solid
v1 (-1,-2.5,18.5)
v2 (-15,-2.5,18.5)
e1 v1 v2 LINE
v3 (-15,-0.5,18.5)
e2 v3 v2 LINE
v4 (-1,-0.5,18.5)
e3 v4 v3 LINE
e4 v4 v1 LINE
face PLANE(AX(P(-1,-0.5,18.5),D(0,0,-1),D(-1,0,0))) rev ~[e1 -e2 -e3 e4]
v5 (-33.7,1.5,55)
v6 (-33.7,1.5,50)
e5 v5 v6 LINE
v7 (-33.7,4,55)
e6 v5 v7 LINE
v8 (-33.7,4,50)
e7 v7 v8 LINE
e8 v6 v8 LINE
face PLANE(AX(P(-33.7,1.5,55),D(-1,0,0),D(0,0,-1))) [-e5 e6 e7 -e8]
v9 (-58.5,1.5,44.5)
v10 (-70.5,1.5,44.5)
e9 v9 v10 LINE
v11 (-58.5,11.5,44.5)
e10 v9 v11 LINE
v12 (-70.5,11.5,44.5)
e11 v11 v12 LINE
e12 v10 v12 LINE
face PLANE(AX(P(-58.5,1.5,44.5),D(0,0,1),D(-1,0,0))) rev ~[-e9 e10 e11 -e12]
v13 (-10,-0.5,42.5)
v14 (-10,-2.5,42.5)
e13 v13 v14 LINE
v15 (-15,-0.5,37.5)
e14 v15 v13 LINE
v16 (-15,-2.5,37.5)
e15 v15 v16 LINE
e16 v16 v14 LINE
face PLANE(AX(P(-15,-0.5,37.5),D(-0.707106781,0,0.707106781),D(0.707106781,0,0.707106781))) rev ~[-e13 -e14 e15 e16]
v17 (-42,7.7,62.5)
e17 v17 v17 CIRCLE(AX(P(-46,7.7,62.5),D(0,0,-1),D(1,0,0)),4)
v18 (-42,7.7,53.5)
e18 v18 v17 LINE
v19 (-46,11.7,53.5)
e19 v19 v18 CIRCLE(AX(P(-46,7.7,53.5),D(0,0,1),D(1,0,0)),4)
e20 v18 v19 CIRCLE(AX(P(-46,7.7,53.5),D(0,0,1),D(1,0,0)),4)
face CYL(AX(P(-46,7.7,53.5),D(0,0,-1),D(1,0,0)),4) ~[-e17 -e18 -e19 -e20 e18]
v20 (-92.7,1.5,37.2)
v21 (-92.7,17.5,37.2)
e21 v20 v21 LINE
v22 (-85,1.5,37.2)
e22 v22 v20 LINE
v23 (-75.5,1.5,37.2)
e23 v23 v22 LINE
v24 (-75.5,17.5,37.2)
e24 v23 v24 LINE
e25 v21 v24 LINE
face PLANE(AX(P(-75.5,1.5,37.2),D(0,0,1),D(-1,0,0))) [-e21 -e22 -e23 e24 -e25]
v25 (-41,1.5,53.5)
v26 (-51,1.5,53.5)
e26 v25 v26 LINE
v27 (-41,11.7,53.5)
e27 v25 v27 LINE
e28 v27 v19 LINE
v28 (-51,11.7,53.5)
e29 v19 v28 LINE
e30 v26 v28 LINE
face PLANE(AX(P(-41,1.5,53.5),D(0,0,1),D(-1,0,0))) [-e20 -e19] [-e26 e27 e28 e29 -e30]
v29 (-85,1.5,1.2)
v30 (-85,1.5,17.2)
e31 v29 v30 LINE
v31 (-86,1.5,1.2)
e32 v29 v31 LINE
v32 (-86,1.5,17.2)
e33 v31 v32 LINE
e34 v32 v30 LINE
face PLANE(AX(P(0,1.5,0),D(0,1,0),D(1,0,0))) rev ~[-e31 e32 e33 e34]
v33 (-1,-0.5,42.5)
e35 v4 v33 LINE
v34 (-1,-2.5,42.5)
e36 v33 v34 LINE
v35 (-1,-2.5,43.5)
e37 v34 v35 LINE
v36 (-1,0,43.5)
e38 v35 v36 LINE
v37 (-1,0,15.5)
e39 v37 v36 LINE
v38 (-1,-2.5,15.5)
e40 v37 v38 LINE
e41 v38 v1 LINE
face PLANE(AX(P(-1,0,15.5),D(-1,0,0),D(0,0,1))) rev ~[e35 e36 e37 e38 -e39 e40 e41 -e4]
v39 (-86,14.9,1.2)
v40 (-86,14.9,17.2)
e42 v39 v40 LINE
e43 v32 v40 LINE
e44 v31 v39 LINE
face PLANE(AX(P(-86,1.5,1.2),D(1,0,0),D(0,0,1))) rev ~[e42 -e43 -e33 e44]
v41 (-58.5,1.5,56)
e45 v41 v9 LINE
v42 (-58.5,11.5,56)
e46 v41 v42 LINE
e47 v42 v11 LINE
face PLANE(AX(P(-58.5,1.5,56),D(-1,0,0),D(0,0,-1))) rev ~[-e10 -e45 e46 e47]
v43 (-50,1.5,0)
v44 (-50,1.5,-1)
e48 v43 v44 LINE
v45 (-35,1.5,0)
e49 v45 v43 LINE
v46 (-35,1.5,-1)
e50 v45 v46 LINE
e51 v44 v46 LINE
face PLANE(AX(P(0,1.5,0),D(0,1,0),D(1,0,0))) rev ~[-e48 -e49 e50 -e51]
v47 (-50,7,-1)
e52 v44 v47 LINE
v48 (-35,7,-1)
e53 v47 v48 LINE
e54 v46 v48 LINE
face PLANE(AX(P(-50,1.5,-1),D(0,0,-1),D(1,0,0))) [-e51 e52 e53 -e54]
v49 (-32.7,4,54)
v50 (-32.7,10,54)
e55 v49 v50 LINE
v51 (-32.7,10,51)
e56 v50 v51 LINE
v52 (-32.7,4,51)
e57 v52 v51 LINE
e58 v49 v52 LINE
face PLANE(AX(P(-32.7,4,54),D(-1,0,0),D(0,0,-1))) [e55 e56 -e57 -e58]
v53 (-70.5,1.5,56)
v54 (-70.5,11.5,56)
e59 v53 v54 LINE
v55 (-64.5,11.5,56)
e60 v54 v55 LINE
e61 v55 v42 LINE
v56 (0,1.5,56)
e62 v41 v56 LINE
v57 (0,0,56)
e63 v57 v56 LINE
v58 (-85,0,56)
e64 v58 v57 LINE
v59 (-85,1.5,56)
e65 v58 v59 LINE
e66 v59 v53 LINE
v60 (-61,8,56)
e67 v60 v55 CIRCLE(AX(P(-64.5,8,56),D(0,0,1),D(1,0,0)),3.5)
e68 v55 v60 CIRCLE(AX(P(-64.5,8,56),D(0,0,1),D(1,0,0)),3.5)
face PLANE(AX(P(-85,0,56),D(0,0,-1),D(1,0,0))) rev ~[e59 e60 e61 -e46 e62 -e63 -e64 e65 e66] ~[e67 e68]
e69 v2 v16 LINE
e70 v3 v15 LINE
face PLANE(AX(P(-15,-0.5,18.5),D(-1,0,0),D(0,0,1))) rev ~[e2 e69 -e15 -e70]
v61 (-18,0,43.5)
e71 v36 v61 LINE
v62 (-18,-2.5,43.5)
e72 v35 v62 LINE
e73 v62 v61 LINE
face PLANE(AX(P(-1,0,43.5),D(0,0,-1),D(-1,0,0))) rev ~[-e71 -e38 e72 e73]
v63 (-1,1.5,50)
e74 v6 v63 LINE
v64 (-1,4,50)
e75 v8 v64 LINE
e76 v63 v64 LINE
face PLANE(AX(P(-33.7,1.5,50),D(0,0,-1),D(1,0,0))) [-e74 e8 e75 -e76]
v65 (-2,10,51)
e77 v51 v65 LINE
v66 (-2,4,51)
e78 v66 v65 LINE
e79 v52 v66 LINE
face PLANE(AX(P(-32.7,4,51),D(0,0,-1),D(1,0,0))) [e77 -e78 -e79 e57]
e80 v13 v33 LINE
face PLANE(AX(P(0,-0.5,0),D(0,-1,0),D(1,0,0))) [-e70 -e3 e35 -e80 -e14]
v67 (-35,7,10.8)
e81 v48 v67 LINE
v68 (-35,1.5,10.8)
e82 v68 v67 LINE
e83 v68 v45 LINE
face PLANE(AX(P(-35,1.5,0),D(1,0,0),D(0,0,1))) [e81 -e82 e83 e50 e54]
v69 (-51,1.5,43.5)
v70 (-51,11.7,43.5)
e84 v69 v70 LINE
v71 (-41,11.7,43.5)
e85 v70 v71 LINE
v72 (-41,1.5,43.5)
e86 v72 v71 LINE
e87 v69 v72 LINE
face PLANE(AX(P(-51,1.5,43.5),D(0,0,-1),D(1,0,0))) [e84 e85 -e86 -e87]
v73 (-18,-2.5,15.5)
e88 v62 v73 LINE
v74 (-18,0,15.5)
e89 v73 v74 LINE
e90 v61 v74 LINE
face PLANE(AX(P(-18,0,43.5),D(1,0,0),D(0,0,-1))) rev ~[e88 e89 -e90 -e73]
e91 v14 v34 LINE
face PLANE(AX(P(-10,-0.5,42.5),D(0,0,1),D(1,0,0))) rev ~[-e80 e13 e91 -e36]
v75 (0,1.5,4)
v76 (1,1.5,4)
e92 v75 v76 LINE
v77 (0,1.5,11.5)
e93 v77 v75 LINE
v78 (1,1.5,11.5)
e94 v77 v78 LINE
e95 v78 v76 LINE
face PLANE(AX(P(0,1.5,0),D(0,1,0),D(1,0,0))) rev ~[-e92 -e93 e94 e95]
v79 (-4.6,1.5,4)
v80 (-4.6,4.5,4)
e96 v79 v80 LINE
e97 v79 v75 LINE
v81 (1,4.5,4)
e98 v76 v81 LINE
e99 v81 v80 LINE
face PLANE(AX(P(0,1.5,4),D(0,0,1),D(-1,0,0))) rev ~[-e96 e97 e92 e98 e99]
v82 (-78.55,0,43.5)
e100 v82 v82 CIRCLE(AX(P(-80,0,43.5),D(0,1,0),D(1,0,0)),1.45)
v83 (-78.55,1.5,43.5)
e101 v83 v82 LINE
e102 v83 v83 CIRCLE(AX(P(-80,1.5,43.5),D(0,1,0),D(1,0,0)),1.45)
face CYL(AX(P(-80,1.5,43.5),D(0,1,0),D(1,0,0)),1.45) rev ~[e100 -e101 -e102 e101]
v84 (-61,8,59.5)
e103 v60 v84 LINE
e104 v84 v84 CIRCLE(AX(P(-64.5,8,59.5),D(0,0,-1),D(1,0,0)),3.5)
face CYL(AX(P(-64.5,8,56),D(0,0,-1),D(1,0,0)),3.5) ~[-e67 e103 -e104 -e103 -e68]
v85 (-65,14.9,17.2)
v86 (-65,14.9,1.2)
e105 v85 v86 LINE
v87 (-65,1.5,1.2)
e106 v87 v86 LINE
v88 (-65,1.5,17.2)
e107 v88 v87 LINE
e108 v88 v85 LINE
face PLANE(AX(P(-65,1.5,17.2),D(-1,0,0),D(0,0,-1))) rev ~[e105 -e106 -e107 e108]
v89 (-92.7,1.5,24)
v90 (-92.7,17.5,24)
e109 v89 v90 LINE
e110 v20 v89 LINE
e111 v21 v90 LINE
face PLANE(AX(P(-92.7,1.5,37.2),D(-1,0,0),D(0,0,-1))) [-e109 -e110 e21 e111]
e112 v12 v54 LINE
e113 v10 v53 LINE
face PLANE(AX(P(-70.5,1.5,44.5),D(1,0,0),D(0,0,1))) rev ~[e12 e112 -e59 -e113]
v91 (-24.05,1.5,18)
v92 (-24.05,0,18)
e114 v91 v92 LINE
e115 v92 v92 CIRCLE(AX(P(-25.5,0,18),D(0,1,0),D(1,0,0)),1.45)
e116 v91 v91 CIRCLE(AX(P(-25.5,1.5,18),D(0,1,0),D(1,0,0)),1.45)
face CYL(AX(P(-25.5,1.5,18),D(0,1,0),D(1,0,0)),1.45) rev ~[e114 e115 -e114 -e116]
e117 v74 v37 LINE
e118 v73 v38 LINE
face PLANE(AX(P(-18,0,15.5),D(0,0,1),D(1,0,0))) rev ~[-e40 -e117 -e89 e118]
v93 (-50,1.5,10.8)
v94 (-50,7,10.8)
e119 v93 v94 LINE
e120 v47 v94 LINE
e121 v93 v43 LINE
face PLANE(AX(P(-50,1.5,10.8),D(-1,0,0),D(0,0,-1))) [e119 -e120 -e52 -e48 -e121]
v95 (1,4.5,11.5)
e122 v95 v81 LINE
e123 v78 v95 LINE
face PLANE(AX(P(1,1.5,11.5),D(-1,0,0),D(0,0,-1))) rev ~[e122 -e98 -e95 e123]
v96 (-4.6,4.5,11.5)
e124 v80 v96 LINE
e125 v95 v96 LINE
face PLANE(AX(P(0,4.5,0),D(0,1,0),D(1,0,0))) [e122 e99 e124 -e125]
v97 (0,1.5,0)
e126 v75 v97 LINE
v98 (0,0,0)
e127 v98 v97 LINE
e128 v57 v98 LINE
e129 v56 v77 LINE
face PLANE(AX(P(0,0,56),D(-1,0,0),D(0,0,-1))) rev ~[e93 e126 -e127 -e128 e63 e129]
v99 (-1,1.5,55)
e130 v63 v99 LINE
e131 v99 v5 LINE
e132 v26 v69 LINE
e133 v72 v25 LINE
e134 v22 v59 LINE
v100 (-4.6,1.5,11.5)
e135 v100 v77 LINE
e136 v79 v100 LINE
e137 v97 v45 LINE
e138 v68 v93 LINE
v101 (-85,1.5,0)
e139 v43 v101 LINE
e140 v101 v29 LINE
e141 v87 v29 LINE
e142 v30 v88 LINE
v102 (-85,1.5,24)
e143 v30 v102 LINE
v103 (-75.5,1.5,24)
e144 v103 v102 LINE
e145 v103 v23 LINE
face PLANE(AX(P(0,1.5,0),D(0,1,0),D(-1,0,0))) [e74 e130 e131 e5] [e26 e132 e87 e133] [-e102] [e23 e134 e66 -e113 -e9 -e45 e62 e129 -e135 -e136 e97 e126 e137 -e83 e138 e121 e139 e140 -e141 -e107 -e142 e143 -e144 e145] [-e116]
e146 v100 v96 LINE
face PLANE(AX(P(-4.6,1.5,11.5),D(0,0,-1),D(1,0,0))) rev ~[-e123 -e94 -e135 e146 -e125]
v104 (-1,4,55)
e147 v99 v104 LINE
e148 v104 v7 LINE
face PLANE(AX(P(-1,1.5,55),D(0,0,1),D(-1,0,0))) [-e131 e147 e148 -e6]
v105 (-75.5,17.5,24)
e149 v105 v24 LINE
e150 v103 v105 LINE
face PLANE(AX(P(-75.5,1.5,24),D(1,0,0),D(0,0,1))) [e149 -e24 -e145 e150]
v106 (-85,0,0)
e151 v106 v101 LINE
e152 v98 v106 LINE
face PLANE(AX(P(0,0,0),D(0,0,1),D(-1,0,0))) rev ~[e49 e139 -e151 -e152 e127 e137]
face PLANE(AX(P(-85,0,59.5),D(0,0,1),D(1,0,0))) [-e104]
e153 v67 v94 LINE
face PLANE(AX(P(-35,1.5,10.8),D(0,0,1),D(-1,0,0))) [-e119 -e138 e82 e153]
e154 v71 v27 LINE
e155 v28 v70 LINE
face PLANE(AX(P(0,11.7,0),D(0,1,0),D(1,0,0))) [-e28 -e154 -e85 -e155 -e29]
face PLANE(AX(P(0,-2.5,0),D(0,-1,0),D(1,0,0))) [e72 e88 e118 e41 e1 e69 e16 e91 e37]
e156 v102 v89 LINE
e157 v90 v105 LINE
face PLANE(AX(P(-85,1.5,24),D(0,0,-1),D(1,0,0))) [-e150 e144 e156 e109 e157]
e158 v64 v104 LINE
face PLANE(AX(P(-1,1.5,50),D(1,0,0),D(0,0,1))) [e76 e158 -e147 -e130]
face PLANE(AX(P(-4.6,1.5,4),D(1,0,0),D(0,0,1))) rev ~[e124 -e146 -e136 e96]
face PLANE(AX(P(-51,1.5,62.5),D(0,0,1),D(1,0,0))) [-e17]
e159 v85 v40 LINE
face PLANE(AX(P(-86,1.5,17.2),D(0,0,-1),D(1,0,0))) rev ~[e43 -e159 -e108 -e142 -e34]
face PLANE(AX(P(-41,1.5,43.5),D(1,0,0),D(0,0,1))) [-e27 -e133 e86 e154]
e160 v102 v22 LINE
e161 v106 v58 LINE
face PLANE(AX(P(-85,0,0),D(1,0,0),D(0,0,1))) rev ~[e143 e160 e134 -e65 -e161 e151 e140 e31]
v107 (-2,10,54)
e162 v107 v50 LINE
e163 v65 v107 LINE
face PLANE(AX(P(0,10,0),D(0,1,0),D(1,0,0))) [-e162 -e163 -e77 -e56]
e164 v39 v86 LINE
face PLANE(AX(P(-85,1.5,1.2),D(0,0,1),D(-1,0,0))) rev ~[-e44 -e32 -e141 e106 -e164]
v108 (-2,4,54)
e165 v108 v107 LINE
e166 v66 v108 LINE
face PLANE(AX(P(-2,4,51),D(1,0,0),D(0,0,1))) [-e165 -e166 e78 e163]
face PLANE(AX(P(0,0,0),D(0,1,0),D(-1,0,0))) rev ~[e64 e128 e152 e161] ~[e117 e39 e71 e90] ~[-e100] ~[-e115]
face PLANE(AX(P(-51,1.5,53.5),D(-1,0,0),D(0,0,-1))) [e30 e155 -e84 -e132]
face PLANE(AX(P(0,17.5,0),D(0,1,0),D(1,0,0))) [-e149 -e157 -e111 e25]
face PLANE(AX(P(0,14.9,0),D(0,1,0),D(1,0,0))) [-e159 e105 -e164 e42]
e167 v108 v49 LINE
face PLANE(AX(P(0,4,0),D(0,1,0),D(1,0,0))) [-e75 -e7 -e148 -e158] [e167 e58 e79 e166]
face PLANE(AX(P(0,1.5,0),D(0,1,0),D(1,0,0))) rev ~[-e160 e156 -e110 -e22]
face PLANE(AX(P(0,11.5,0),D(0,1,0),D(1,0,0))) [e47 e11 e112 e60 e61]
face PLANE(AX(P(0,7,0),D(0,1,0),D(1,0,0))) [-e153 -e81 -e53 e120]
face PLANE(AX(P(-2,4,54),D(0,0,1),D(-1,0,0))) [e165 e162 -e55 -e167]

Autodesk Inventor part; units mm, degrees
ref_plane "YZ Plane" through (0, 0, 0) normal (1, 0, 0) x (0, 1, 0)
ref_plane "XZ Plane" through (0, 0, 0) normal (0, 1, 0) x (-1, 0, 0)
ref_plane "XY Plane" through (0, 0, 0) normal (0, 0, 1) x (1, 0, 0)
sketch "Skizze1" plane through (0, 0, 0) normal (0, 1, 0) x (-1, 0, 0)
  line L0 (0, 0) -> (85, 0)
  line L1 (85, 0) -> (85, 56)
  line L2 (85, 56) -> (0, 56)
  line L3 (0, 56) -> (0, 0)
  dimension "d0" = 85
  dimension "d1" = 56
extrude "Extrusion1" add sketch "Skizze1" along normal blind 1.5
sketch "Skizze2" plane through (0, 1.5, 0) normal (0, 1, 0) x (1, 0, 0)
  line L0 (0, 0) -> (-85, 0) projected
  line L1 (-86, -17.2) -> (-65, -17.2)
  line L2 (-65, -17.2) -> (-65, -1.2)
  line L3 (-65, -1.2) -> (-86, -1.2)
  line L4 (-86, -1.2) -> (-86, -17.2)
  line L5 (-85, 0) -> (-85, -56) projected
  dimension "d4" = 21
  dimension "d5" = 16
  dimension "d6" = 1.2
  dimension "d84" = 1
extrude "Extrusion2" add sketch "Skizze2" along normal blind 13.4
sketch "Skizze3" plane through (0, 1.5, 0) normal (0, 1, 0) x (1, 0, 0)
  line L0 (-85, -17.2) -> (-85, -56) projected
  line L1 (-92.7, -24) -> (-75.5, -24)
  line L2 (-75.5, -24) -> (-75.5, -37.2)
  line L3 (-75.5, -37.2) -> (-92.7, -37.2)
  line L4 (-92.7, -37.2) -> (-92.7, -24)
  line L5 (-85, -56) -> (0, -56) projected
  dimension "d9" = 7.7
  dimension "d10" = 17.2
  dimension "d11" = 13.2
  dimension "d85" = 18.8
extrude "Extrusion3" add sketch "Skizze3" along normal blind 16
sketch "Skizze4" plane through (0, 1.5, 0) normal (0, 1, 0) x (1, 0, 0)
  line L0 (0, 0) -> (-85, 0) projected
  line L1 (-65, -1.2) -> (-65, -17.2) projected
  line L2 (-50, 1) -> (-35, 1)
  line L3 (-35, 1) -> (-35, -10.8)
  line L4 (-35, -10.8) -> (-50, -10.8)
  line L5 (-50, -10.8) -> (-50, 1)
  dimension "d15" = 1
  dimension "d16" = 15
  dimension "d17" = 11.8
  dimension "d18" = 15
extrude "Extrusion4" add sketch "Skizze4" along normal blind 5.5
sketch "Skizze5" plane through (0, 1.5, 0) normal (0, 1, 0) x (1, 0, 0)
  line L0 (-85, -37.2) -> (-85, -56) projected
  line L1 (-85, -56) -> (0, -56) projected
  line L2 (-58.5, -44.5) -> (-70.5, -44.5)
  line L3 (-70.5, -44.5) -> (-70.5, -56)
  line L4 (-70.5, -56) -> (-58.5, -56)
  line L5 (-58.5, -56) -> (-58.5, -44.5)
  line L6 (-70.5, -56) -> (-58.5, -56)
  dimension "d21" = 11.5
  dimension "d22" = 12
  dimension "d23" = 14.5
extrude "Extrusion5" add sketch "Skizze5" along normal blind 10
sketch "Skizze6" plane through (-85, 0, 56) normal (0, 0, 1) x (1, 0, 0)
  line L0 (14.5, 11.5) -> (26.5, 11.5) projected
  circle A0 centre (20.5, 8) radius 3.5
  dimension "d26" = 7
  dimension "d27" = 3.5
extrude "Extrusion6" add sketch "Skizze6" along normal blind 3.5
sketch "Skizze7" plane through (0, 1.5, 0) normal (0, 1, 0) x (1, 0, 0)
  line L0 (-58.5, -44.5) -> (-58.5, -56) projected
  line L1 (-58.5, -56) -> (0, -56) projected
  line L2 (-51, -43.5) -> (-41, -43.5)
  line L3 (-41, -43.5) -> (-41, -53.5)
  line L4 (-41, -53.5) -> (-51, -53.5)
  line L5 (-51, -53.5) -> (-51, -43.5)
  dimension "d30" = 10
  dimension "d31" = 10
  dimension "d32" = 2.5
  dimension "d33" = 7.5
extrude "Extrusion7" add sketch "Skizze7" along normal blind 10.2
sketch "Skizze8" plane through (-51, 1.5, 53.5) normal (0, 0, 1) x (1, 0, 0)
  line L0 (0, 10.2) -> (10, 10.2) projected
  circle A0 centre (5, 6.2) radius 4
  point P0 (51, -1.5)
  dimension "d36" = 8
  dimension "d37" = 0
extrude "Extrusion8" add sketch "Skizze8" along normal blind 9
sketch "Skizze9" plane through (0, 1.5, 0) normal (0, 1, 0) x (1, 0, 0)
  line L0 (-58.5, -56) -> (0, -56) projected
  line L1 (0, -56) -> (0, 0) projected
  line L2 (-1, -55) -> (-33.7, -55)
  line L3 (-33.7, -55) -> (-33.7, -50)
  line L4 (-33.7, -50) -> (-1, -50)
  line L5 (-1, -50) -> (-1, -55)
  dimension "d40" = 32.7
  dimension "d41" = 5
  dimension "d42" = 1
  dimension "d43" = 1
extrude "Extrusion9" add sketch "Skizze9" along normal blind 2.5
sketch "Skizze10" plane through (0, 4, 0) normal (0, 1, 0) x (1, 0, 0)
  line L0 (-33.7, -55) -> (-1, -55) projected
  line L1 (-1, -55) -> (-1, -50) projected
  line L2 (-1, -50) -> (-33.7, -50) projected
  line L3 (-33.7, -50) -> (-33.7, -55) projected
  line L4 (-32.7, -51) -> (-2, -51)
  line L5 (-2, -51) -> (-2, -54)
  line L6 (-2, -54) -> (-32.7, -54)
  line L7 (-32.7, -54) -> (-32.7, -51)
  point P0 (0, 0)
  dimension "d50" = 1
  dimension "d51" = 1
  dimension "d52" = 1
  dimension "d53" = 1
extrude "Extrusion10" add sketch "Skizze10" along normal blind 6 contours L4 L5 L6 L7
sketch "Skizze11" plane through (0, 1.5, 0) normal (0, 1, 0) x (1, 0, 0)
  line L0 (0, -56) -> (0, 0) projected
  line L1 (0, 0) -> (-35, 0) projected
  line L2 (1, -4) -> (-4.6, -4)
  line L3 (-4.6, -4) -> (-4.6, -11.5)
  line L4 (-4.6, -11.5) -> (1, -11.5)
  line L5 (1, -11.5) -> (1, -4)
  dimension "d56" = 1
  dimension "d57" = 7.5
  dimension "d58" = 5.6
  dimension "d59" = 4
extrude "Extrusion11" add sketch "Skizze11" along normal blind 3
sketch "Skizze12" plane through (0, 0, 0) normal (0, -1, 0) x (1, 0, 0)
  line L0 (0, 0) -> (-85, 0) projected
  line L1 (0, 56) -> (0, 0) projected
  line L2 (-1, 43.5) -> (-18, 43.5)
  line L3 (-18, 43.5) -> (-18, 15.5)
  line L4 (-18, 15.5) -> (-1, 15.5)
  line L5 (-1, 15.5) -> (-1, 43.5)
  dimension "d62" = 15.5
  dimension "d63" = 17
  dimension "d64" = 28
  dimension "d65" = 1
extrude "Extrusion12" add sketch "Skizze12" along normal blind 0.5
sketch "Skizze13" plane through (0, -0.5, 0) normal (0, -1, 0) x (1, 0, 0)
  line L0 (-1, 43.5) -> (-18, 43.5) projected
  line L1 (-18, 43.5) -> (-18, 15.5) projected
  line L2 (-18, 15.5) -> (-1, 15.5) projected
  line L3 (-1, 15.5) -> (-1, 43.5) projected
  line L4 (-15, 42.5) -> (-1, 42.5)
  line L5 (-1, 42.5) -> (-1, 18.5)
  line L6 (-1, 18.5) -> (-15, 18.5)
  line L7 (-15, 18.5) -> (-15, 42.5)
  line L8 (-15, 37.5) -> (-10, 42.5)
  line L9 (-15, 37.5) -> (-7.9289, 37.5) construction
  point P0 (0, 0)
  dimension "d69" = 24
  dimension "d70" = 3
  dimension "d71" = 3
  dimension "d72" = 45
  dimension "d73" = 19
extrude "Extrusion13" add sketch "Skizze13" along normal blind 2 contours L3 L4 L7 L6 L2 L1 L0 | L8 L7 L4
sketch "Skizze14" plane through (0, 1.5, 0) normal (0, 1, 0) x (1, 0, 0)
  line L0 (0, 0) -> (-35, 0) projected
  line L1 (-85, -37.2) -> (-85, -56) projected
  line L2 (-85, -56) -> (-70.5, -56) projected
  line L3 (0, -56) -> (0, -11.5) projected
  circle A0 centre (-25.5, -18) radius 1.45
  circle A1 centre (-80, -43.5) radius 1.45
  dimension "d76" = 2.9
  dimension "d77" = 25.5
  dimension "d78" = 18
  dimension "d79" = 2.9
  dimension "d80" = 5
  dimension "d81" = 12.5
extrude "Extrusion14" cut sketch "Skizze14" against normal through all
properties part number "PCB"
